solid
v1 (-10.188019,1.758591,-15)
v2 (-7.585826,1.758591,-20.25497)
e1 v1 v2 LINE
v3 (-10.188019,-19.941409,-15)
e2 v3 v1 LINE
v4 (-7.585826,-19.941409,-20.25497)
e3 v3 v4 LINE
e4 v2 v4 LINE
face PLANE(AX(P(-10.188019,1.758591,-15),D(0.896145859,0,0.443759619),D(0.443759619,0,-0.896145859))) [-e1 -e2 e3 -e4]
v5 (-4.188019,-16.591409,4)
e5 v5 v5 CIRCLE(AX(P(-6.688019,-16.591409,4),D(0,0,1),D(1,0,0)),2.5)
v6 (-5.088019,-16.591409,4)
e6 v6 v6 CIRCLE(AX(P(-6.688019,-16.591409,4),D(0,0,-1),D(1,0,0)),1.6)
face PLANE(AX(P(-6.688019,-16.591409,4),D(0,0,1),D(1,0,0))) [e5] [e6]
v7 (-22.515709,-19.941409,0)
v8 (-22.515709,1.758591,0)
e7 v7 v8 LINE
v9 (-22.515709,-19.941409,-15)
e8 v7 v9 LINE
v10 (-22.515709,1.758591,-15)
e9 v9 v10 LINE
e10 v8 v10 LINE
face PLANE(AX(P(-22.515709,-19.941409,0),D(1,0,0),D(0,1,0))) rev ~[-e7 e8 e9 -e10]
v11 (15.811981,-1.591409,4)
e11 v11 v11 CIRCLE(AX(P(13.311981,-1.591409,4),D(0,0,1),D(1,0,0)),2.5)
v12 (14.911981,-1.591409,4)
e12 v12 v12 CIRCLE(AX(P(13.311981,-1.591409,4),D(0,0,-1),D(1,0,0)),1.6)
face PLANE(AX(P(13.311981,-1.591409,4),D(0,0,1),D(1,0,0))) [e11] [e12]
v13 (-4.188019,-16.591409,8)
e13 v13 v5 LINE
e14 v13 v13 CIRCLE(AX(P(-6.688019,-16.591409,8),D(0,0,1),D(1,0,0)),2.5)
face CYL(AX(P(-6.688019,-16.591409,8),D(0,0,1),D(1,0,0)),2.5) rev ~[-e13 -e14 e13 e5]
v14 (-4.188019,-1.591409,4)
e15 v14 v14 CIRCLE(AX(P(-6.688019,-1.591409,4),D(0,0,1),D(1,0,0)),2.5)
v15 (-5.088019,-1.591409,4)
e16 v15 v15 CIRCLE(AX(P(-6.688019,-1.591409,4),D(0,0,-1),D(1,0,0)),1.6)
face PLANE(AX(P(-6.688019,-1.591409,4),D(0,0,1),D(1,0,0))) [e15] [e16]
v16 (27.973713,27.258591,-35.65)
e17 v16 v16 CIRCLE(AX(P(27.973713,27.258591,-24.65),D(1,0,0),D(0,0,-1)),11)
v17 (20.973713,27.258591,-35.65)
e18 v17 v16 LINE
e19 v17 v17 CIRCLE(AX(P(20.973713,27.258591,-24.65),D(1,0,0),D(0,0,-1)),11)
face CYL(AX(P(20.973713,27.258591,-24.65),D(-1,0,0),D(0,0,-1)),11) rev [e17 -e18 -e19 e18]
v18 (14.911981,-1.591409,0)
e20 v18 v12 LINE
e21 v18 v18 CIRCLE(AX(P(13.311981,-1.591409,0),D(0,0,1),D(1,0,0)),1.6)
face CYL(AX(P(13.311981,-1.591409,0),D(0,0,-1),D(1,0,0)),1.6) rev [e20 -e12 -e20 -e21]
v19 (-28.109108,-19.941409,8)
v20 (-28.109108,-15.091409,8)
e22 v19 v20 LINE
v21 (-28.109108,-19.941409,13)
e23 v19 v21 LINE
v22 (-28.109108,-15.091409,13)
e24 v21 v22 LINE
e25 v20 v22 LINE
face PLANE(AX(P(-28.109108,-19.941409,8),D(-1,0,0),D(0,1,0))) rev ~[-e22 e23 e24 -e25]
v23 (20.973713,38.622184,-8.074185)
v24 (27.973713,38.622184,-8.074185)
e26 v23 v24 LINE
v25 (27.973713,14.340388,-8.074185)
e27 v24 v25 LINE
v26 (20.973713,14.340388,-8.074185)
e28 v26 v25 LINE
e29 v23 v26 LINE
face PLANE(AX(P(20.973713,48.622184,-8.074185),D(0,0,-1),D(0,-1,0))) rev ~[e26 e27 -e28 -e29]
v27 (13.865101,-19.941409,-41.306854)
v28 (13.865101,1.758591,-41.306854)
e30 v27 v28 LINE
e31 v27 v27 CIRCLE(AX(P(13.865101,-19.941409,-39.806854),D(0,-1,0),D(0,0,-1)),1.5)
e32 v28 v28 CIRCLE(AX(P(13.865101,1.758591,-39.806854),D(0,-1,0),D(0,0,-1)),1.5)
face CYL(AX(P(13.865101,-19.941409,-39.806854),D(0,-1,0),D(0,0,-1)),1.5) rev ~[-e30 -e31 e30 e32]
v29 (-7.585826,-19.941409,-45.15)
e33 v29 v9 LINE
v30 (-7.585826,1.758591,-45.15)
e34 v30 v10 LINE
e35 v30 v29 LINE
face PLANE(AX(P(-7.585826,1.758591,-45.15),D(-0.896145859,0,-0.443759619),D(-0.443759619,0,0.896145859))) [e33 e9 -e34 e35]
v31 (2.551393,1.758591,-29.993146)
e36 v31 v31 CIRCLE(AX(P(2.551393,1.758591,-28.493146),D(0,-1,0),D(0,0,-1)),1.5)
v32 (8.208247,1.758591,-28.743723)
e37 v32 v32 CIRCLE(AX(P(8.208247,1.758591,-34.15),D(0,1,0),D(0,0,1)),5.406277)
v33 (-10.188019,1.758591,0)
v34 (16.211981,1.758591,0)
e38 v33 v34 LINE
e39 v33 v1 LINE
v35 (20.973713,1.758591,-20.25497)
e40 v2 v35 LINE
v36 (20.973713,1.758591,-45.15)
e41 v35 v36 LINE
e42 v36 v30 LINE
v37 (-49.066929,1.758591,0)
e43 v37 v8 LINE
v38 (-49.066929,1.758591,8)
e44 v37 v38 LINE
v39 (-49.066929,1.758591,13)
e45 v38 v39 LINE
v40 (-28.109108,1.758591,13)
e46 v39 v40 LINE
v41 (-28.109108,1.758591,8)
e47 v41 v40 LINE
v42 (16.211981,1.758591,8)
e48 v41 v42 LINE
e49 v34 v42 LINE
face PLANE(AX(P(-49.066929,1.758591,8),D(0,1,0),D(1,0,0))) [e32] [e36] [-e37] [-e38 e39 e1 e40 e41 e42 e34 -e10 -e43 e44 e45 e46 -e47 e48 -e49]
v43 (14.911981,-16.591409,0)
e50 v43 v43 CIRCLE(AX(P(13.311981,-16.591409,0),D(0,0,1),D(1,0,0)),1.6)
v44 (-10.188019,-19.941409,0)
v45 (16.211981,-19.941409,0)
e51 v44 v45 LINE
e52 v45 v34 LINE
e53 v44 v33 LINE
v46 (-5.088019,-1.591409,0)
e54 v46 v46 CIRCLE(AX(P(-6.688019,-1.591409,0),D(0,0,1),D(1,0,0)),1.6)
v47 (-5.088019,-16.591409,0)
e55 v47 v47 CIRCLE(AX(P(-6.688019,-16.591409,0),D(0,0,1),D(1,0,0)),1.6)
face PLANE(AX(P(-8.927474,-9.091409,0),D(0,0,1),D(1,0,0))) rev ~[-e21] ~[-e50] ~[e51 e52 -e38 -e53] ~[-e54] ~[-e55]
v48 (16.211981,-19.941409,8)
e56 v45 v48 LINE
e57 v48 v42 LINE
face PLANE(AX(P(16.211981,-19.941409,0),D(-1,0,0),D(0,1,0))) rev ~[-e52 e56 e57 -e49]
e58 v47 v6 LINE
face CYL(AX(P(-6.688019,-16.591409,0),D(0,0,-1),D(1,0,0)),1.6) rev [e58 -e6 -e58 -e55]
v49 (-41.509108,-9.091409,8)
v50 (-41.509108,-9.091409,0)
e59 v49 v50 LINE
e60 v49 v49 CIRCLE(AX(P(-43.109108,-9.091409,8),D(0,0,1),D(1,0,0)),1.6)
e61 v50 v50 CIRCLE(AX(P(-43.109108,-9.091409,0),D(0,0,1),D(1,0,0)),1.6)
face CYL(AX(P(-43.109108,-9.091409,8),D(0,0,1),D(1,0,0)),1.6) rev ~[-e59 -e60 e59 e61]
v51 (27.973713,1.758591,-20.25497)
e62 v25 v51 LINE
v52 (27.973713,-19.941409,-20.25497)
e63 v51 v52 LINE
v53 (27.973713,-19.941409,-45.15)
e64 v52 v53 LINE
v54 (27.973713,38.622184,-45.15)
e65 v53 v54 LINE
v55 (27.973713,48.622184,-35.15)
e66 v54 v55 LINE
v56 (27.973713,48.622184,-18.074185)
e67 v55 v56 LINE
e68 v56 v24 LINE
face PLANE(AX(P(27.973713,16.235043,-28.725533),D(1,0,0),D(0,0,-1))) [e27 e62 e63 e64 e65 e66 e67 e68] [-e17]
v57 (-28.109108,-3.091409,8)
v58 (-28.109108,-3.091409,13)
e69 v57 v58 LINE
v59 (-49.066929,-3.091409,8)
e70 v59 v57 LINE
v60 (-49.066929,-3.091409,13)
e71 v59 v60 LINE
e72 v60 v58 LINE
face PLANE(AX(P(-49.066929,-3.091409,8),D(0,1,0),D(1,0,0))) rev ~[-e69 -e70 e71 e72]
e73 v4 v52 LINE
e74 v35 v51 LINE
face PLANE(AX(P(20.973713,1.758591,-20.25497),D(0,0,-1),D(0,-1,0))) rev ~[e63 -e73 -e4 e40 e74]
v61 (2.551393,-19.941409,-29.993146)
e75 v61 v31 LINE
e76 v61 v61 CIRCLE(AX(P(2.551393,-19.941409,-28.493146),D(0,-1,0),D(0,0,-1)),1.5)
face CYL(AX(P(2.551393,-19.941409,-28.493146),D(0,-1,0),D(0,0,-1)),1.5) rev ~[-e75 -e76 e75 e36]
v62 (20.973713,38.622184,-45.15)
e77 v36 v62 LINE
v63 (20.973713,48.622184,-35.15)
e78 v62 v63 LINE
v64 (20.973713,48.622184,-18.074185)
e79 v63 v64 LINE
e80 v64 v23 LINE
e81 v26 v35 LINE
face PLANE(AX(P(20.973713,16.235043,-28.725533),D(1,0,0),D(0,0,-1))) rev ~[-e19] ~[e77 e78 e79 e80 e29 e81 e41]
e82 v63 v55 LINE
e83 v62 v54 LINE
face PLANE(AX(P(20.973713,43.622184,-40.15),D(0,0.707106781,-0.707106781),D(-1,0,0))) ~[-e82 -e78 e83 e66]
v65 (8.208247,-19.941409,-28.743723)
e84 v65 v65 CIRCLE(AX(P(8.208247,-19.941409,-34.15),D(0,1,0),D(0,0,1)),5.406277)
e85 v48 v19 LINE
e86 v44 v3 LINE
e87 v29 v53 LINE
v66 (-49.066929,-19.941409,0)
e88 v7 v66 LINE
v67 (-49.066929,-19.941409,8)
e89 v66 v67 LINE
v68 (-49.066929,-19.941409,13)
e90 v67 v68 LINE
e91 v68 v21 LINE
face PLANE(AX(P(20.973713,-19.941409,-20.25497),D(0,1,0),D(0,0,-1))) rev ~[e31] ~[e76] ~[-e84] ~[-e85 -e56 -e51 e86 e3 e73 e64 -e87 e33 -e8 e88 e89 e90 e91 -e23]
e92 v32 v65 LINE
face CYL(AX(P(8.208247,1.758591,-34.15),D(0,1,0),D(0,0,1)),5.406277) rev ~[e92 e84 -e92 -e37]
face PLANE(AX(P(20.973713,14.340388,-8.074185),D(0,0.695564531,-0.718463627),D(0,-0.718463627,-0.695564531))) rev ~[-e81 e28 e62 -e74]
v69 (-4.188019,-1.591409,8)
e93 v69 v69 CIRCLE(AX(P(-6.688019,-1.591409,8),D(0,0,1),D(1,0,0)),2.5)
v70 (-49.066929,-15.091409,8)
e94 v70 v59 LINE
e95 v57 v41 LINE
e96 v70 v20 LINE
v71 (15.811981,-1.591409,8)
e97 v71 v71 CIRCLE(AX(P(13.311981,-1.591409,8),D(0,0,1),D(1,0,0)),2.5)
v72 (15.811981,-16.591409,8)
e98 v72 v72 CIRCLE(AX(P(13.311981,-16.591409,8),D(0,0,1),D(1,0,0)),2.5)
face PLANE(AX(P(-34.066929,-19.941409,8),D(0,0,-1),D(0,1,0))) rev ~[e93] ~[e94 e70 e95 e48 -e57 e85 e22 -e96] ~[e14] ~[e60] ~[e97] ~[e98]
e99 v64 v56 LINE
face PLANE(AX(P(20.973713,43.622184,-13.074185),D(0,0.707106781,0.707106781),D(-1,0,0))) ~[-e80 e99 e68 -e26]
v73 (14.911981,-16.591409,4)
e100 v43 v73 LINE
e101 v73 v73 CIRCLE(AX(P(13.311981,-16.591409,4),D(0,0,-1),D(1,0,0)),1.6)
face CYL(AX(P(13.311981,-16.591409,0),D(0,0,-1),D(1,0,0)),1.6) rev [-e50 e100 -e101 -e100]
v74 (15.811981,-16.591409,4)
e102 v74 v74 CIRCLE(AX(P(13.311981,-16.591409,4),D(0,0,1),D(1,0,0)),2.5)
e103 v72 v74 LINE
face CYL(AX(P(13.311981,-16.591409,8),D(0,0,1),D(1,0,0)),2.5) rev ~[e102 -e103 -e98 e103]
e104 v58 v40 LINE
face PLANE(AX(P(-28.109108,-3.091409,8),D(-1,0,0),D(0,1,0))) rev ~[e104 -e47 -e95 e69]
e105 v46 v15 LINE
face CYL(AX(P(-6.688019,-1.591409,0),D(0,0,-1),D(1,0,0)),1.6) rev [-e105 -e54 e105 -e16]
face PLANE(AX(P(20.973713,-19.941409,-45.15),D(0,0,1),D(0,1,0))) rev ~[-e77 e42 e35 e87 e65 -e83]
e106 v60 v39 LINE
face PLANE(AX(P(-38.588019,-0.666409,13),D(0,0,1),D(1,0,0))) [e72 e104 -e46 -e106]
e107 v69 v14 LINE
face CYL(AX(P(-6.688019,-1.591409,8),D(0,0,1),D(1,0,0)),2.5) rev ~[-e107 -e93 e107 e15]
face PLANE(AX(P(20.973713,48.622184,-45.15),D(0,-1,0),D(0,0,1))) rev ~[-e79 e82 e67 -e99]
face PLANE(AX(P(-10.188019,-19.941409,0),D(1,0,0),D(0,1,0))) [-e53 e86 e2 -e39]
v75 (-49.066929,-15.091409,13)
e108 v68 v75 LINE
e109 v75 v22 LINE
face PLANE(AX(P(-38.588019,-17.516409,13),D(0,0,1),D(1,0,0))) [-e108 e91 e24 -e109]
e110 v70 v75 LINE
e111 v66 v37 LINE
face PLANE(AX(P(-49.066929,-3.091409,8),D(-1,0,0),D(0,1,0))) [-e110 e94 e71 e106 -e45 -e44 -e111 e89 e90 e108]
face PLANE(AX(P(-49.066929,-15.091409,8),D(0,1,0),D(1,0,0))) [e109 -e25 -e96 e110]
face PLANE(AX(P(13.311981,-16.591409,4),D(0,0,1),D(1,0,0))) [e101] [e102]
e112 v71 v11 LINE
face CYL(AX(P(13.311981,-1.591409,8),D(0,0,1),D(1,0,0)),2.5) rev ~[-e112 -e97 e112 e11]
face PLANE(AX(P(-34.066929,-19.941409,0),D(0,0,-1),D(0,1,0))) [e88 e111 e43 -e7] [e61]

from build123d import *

# Parameters (mm, degrees)
SKICA1_W                 = 50.278910674
SKICA1_H                 = 21.7
SKICA1_R                 = 1.6
P_IDAT_VYSUNUT_M1_DEPTH  = 8
SKICA2_R                 = 2.5
ODEBRAT_VYSUNUT_M1_DEPTH = 4
SKICA4_W                 = 12.327690559
SKICA4_H                 = 21.7
P_IDAT_VYSUNUT_M2_DEPTH  = 15
SKICA6_R                 = 5.406276896
P_IDAT_VYSUNUT_M3_DEPTH  = 21.7
SKICA7_R                 = 1.5
ODEBRAT_VYSUNUT_M3_DEPTH = 21.7
SKICA8_W                 = 8
SKICA8_H                 = 21.7
P_IDAT_VYSUNUT_M4_DEPTH  = 15
SKICA9_R                 = 1.6
ODEBRAT_VYSUNUT_M4_DEPTH = 15
SKICA10_R                = 11
P_IDAT_VYSUNUT_M5_DEPTH  = 7
ZKOSEN_1_SIZE            = 10
SKICA11_W                = 20.957821349
SKICA11_H                = 4.85
P_IDAT_VYSUNUT_M6_DEPTH  = 5


with BuildPart() as part:
    # Skica1 → Přidat vysunutím1 (new body)
    with BuildSketch(Plane.XY):
        with Locations((-8.927473885, -9.09140889)):
            Rectangle(SKICA1_W, SKICA1_H)
        with Locations((13.311981452, -16.59140889)):
            Circle(SKICA1_R, mode=Mode.SUBTRACT)
        with Locations((-6.688018548, -16.59140889)):
            Circle(SKICA1_R, mode=Mode.SUBTRACT)
        with Locations((-6.688018548, -1.59140889)):
            Circle(SKICA1_R, mode=Mode.SUBTRACT)
        with Locations((13.311981452, -1.59140889)):
            Circle(SKICA1_R, mode=Mode.SUBTRACT)
    extrude(amount=P_IDAT_VYSUNUT_M1_DEPTH)

    # Skica2 → Odebrat vysunutím1 (cut)
    with BuildSketch(Plane.XY.offset(8)):
        with Locations((13.311981452, -16.59140889)):
            Circle(SKICA2_R)
        with Locations((-6.688018548, -16.59140889)):
            Circle(SKICA2_R)
        with Locations((-6.688018548, -1.59140889)):
            Circle(SKICA2_R)
        with Locations((13.311981452, -1.59140889)):
            Circle(SKICA2_R)
    extrude(amount=-ODEBRAT_VYSUNUT_M1_DEPTH, mode=Mode.SUBTRACT)

    # Skica4 → Přidat vysunutím2 (add)
    with BuildSketch(Plane(origin=(0, 0, 0), x_dir=(-1, 0, 0), z_dir=(0, 0, -1))):
        with Locations((16.351863828, -9.09140889)):
            Rectangle(SKICA4_W, SKICA4_H)
    extrude(amount=P_IDAT_VYSUNUT_M2_DEPTH)

    # Skica6 → Přidat vysunutím3 (add)
    with BuildSketch(Plane(origin=(0, 1.75859111, 0), x_dir=(1, 0, 0), z_dir=(0, 1, 0))):
        Polygon((-22.515709107, 15), (-10.188018548, 15), (-7.585826442, 20.254970434), (20.97371307, 20.254970434), (20.97371307, 45.15), (4.741864117, 45.15), (-7.585826442, 45.15), align=None)
        with Locations(Location((8.208247023, 34.15, 0), (0, 0, 270))):
            Circle(SKICA6_R, mode=Mode.SUBTRACT)
    extrude(amount=-P_IDAT_VYSUNUT_M3_DEPTH)

    # Skica7 → Odebrat vysunutím3 (cut)
    with BuildSketch(Plane.XZ.offset(19.94140889)):
        with Locations(Location((2.551392773, -28.493145751, 0), (0, 0, 270))):
            Circle(SKICA7_R)
        with Locations(Location((13.865101272, -39.806854249, 0), (0, 0, 270))):
            Circle(SKICA7_R)
    extrude(amount=-ODEBRAT_VYSUNUT_M3_DEPTH, mode=Mode.SUBTRACT)

    # Skica8 → Přidat vysunutím4 (add)
    with BuildSketch(Plane.ZY.offset(34.066929222)):
        with Locations((4, -9.09140889)):
            Rectangle(SKICA8_W, SKICA8_H)
    extrude(amount=P_IDAT_VYSUNUT_M4_DEPTH)

    # Skica9 → Odebrat vysunutím4 (cut)
    with BuildSketch(Plane.XY.offset(8)):
        with Locations((-43.109107873, -9.09140889)):
            Circle(SKICA9_R)
    extrude(amount=-ODEBRAT_VYSUNUT_M4_DEPTH, mode=Mode.SUBTRACT)

    # Skica10 → Přidat vysunutím5 (add)
    with BuildSketch(Plane(origin=(20.97371307, 0, 0), x_dir=(0, 0, -1), z_dir=(1, 0, 0))):
        Polygon((8.074184901, 14.340387575), (20.254970434, 1.75859111), (20.254970434, -19.94140889), (45.15, -19.94140889), (45.15, 48.622184041), (8.074184901, 48.622184041), align=None)
        with Locations((24.65, 27.25859111)):
            Circle(SKICA10_R, mode=Mode.SUBTRACT)
    extrude(amount=P_IDAT_VYSUNUT_M5_DEPTH)

    # Zkosení1
    zkosen_1_edges = [part.edges().sort_by_distance(p)[0] for p in [
        (24.47371307, 48.622184041, -45.15),
        (24.47371307, 48.622184041, -8.074184901),
    ]]
    chamfer(zkosen_1_edges, length=ZKOSEN_1_SIZE)

    # Skica11 → Přidat vysunutím6 (add)
    with BuildSketch(Plane.XY.offset(8)):
        with Locations((-38.588018548, -0.66640889)):
            Rectangle(SKICA11_W, SKICA11_H)
        with Locations((-38.588018548, -17.51640889)):
            Rectangle(SKICA11_W, SKICA11_H)
    extrude(amount=P_IDAT_VYSUNUT_M6_DEPTH)


solid = part.part
